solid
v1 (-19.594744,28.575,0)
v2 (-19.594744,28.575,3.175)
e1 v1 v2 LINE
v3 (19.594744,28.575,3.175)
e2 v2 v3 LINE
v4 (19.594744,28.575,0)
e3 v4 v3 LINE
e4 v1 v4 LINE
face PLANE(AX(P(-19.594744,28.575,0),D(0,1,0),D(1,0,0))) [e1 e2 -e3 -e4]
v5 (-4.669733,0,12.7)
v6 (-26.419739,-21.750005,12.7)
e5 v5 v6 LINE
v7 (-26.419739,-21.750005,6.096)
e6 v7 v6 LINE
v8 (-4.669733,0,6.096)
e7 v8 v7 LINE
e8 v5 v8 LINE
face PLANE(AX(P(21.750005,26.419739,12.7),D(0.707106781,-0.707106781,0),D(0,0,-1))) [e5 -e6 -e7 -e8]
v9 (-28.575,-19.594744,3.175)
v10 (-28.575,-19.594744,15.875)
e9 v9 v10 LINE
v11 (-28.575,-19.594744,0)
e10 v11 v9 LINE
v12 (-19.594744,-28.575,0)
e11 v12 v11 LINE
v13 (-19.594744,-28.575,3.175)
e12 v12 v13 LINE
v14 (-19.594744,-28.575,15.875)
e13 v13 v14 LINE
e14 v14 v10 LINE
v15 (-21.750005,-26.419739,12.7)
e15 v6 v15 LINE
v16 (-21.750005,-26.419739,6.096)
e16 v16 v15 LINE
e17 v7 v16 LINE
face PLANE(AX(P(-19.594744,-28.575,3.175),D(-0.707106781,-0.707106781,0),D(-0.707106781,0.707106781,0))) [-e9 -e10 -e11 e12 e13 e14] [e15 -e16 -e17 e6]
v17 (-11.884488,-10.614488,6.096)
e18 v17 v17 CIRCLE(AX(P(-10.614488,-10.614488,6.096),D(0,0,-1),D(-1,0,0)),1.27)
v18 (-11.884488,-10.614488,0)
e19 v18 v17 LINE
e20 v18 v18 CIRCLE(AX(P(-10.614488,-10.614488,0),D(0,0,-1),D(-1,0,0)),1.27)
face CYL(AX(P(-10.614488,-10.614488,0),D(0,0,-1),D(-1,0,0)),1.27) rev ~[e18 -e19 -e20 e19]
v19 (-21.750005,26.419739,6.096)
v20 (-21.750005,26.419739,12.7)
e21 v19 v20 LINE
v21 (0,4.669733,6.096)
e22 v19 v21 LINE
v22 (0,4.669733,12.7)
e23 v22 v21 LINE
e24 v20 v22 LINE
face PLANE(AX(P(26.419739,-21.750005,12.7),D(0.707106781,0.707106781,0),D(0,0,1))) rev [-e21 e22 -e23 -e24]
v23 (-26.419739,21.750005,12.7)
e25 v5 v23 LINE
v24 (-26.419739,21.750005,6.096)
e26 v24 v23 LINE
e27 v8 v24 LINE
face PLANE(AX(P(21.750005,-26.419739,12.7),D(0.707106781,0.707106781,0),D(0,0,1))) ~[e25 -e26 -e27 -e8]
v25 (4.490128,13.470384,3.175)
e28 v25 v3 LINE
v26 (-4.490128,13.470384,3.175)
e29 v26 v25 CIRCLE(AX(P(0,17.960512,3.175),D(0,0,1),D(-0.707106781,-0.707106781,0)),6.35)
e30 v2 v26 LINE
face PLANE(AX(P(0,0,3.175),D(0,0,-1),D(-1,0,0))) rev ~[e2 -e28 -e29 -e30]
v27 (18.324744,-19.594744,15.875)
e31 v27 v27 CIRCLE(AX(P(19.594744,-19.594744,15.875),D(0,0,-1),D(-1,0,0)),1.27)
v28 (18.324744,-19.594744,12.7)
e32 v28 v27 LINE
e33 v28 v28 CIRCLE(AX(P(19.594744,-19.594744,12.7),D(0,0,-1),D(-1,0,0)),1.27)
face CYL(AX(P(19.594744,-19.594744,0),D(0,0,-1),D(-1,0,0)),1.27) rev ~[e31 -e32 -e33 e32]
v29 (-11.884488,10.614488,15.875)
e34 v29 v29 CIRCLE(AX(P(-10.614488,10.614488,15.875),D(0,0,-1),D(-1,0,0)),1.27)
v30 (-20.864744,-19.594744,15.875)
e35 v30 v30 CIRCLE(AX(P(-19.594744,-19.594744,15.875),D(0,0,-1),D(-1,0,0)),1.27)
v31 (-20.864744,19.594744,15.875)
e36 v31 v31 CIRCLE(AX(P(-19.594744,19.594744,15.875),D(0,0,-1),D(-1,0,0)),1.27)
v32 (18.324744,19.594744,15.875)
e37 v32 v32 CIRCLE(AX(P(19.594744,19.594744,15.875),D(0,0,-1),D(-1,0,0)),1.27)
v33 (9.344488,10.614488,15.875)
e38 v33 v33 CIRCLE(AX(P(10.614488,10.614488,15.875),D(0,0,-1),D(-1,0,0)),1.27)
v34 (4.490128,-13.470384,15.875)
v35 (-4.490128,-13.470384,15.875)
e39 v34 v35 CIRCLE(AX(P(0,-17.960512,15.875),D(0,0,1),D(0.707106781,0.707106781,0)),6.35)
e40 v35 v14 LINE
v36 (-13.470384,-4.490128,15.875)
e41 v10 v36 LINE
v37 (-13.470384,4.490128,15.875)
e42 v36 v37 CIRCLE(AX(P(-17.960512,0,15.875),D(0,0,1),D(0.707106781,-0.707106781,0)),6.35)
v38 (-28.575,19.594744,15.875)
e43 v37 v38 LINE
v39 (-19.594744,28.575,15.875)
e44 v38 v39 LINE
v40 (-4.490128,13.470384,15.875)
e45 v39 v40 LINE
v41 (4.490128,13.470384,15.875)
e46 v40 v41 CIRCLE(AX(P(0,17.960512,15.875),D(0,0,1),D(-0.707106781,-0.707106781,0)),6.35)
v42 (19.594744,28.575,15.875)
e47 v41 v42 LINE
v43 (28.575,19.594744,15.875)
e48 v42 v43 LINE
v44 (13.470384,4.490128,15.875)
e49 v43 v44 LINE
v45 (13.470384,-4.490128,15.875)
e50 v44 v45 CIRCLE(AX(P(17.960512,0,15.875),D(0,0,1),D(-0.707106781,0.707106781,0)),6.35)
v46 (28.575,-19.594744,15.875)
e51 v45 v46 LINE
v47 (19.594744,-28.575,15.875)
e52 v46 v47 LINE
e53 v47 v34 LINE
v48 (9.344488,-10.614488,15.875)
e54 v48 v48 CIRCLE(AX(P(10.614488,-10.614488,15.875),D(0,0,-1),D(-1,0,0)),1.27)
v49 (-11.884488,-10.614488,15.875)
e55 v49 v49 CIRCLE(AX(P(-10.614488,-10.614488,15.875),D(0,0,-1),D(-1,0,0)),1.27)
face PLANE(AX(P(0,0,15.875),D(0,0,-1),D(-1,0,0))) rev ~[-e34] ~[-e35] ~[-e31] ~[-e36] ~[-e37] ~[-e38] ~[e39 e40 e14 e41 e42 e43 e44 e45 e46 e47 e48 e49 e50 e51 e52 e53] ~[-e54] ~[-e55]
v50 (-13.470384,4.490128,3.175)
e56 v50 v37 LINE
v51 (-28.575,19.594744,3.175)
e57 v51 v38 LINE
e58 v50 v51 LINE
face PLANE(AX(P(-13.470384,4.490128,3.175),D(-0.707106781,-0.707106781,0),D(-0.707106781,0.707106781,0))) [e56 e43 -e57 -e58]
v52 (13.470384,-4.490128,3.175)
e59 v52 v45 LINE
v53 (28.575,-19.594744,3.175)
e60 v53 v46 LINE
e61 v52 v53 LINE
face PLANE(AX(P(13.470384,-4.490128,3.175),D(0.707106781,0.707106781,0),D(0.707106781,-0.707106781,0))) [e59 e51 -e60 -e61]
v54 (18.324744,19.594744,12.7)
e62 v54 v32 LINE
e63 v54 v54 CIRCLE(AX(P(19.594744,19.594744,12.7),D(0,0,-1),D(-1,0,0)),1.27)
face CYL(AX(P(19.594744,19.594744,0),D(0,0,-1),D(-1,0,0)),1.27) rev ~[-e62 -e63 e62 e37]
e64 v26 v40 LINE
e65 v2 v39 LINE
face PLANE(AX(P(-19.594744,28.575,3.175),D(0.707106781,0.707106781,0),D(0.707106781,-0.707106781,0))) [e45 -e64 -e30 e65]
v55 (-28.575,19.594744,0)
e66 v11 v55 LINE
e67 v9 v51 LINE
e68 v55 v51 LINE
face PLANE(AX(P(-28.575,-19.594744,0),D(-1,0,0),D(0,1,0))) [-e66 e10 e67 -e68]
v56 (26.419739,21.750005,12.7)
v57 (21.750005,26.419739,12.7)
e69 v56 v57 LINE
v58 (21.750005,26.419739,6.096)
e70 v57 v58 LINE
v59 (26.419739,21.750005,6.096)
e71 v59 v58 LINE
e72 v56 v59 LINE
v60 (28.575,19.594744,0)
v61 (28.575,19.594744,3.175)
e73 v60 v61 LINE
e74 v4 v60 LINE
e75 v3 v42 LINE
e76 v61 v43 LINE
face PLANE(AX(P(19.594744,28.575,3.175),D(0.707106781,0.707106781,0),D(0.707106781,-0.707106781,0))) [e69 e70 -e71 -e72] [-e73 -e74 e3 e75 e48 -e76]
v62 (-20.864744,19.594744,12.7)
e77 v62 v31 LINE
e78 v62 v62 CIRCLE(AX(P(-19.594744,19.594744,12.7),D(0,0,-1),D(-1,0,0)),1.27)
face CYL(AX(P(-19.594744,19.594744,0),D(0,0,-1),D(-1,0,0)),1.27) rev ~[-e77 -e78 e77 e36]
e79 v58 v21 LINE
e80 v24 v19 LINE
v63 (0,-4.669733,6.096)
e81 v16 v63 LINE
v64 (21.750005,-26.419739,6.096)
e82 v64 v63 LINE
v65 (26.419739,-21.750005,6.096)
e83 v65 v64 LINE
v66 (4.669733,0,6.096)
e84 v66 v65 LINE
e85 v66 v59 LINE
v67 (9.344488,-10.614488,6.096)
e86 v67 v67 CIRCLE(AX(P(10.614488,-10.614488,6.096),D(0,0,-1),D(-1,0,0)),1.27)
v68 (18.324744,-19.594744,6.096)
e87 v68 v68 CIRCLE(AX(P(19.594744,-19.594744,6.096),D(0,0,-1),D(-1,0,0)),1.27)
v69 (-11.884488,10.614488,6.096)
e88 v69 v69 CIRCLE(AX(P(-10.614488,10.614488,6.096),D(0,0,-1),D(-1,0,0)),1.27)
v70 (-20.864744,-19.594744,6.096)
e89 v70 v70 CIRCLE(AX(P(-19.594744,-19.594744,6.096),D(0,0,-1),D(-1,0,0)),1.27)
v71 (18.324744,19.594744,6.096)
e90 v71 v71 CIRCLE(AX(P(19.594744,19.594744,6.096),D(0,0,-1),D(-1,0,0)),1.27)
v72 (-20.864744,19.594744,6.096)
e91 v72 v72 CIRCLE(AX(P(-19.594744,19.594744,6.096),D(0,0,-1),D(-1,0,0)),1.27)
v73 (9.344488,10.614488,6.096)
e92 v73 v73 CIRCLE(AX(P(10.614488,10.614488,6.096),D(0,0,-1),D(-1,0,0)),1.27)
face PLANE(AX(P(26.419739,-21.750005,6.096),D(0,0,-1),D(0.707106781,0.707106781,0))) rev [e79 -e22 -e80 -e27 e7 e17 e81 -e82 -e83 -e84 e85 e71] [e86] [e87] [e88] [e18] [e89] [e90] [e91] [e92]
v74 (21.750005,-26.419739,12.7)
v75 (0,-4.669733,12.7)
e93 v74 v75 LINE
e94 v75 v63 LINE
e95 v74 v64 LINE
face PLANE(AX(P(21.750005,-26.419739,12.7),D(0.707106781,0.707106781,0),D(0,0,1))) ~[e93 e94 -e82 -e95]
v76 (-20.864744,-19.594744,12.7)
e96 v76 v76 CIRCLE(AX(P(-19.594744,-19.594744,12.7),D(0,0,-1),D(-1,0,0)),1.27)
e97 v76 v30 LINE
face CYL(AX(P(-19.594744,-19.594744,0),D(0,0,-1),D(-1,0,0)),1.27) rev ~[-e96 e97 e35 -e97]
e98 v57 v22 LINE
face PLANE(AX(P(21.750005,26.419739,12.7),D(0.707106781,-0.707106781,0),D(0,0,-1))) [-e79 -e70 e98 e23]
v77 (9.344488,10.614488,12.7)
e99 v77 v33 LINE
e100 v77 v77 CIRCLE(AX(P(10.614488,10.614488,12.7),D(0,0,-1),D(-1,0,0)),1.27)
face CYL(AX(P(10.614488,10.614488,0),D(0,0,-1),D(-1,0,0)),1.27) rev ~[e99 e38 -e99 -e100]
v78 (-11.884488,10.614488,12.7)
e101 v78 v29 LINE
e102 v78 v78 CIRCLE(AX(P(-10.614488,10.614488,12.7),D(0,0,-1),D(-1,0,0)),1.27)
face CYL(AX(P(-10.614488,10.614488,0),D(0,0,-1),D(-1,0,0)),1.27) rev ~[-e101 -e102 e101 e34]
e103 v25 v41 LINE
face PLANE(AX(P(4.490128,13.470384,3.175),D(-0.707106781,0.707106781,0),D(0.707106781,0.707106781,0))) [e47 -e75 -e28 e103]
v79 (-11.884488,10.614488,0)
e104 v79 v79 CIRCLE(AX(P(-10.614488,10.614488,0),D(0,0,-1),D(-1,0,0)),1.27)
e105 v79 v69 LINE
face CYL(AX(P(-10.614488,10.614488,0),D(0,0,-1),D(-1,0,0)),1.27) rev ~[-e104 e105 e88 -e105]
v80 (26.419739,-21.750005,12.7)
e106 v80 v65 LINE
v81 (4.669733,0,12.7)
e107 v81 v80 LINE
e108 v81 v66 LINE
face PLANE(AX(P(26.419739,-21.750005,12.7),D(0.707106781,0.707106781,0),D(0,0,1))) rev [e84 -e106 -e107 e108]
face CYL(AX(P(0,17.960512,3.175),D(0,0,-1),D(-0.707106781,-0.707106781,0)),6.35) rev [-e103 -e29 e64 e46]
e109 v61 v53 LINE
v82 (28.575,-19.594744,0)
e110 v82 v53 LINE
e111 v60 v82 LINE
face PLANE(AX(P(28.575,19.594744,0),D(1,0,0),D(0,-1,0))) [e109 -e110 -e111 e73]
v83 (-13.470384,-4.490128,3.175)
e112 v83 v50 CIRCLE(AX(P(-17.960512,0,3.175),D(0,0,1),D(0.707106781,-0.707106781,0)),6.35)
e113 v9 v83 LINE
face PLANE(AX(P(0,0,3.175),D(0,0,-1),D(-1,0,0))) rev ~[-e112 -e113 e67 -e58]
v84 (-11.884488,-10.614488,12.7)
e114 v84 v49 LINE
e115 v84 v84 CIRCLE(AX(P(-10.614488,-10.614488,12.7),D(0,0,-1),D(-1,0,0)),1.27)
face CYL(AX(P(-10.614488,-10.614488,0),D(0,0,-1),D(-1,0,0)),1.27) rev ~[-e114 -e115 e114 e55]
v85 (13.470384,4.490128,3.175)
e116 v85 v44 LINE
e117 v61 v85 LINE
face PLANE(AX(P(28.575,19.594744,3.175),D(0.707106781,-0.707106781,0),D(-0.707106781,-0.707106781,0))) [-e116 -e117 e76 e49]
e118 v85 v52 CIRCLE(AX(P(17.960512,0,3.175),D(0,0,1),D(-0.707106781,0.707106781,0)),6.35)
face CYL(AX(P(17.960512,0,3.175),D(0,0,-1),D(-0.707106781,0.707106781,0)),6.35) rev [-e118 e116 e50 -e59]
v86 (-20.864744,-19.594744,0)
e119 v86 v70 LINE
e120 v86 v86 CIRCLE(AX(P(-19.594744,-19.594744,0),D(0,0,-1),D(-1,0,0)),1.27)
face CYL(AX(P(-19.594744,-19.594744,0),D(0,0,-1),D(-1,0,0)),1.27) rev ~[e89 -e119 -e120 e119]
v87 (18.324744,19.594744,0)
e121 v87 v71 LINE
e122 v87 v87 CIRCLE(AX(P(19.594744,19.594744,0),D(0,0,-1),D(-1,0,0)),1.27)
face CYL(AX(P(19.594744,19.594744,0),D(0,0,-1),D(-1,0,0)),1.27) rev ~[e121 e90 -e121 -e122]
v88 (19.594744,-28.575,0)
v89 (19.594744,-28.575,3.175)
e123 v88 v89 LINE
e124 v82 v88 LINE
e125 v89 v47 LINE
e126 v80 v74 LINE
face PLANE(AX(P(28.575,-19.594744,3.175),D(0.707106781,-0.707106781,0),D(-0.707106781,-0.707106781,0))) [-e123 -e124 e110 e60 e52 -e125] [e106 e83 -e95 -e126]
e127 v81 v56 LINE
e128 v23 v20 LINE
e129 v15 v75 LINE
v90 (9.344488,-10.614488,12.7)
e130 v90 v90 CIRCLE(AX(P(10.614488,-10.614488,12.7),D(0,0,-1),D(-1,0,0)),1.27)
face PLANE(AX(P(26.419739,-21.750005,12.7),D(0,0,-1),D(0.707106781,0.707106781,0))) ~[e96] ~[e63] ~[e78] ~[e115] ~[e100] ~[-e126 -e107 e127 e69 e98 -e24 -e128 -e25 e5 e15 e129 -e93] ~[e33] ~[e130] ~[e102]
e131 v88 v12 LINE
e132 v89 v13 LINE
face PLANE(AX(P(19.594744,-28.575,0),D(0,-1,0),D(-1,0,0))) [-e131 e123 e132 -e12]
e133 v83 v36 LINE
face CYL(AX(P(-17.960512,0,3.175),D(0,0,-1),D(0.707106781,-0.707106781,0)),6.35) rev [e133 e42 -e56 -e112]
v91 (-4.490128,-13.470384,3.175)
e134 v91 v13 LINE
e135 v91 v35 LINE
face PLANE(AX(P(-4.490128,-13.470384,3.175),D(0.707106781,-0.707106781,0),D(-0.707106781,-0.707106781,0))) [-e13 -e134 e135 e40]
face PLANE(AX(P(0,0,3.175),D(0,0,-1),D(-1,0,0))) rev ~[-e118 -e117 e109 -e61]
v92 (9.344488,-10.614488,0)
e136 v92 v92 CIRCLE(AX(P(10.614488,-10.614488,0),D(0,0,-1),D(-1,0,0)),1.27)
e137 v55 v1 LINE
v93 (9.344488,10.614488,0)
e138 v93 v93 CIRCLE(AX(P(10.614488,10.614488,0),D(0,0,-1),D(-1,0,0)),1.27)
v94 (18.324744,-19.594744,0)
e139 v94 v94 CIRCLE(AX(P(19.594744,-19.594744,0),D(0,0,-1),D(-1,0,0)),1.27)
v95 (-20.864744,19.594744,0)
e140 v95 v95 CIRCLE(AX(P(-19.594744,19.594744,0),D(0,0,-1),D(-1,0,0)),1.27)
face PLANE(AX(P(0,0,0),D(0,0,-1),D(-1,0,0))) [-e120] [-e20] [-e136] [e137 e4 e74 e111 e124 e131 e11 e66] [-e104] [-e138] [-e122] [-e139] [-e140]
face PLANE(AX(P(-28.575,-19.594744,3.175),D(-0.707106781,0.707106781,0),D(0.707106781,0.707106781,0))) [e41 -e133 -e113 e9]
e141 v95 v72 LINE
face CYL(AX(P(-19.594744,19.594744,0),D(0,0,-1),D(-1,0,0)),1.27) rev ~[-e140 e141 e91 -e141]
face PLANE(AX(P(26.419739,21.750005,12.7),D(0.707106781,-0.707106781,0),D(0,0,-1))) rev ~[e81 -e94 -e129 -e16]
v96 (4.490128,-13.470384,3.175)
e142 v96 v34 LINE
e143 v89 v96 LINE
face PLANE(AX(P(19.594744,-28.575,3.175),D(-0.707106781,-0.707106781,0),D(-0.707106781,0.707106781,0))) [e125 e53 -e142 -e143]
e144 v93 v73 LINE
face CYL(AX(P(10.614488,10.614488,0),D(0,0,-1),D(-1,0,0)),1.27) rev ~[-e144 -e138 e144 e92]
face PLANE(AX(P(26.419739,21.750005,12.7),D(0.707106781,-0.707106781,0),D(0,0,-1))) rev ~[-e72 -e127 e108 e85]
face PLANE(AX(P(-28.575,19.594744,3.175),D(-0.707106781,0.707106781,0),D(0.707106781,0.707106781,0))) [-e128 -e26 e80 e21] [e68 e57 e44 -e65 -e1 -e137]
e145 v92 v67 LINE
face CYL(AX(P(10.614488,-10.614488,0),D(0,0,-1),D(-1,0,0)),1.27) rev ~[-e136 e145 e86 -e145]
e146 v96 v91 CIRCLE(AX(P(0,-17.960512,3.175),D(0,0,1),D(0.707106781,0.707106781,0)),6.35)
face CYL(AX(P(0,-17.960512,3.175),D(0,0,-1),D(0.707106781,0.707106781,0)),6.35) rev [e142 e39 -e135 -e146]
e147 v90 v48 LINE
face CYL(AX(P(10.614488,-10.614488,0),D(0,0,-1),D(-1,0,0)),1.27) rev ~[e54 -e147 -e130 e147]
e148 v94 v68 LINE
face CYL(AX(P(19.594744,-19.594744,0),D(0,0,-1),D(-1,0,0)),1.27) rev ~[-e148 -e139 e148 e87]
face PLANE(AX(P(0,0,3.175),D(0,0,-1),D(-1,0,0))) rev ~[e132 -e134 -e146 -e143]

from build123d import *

# Parameters (mm, degrees)
BOSS_EXTRUDE1_DEPTH = 3.175
BOSS_EXTRUDE2_DEPTH = 12.7
SKETCH3_W           = 6.604
SKETCH3_H           = 6.604
CUT_EXTRUDE1_DEPTH  = 77.145517599
SKETCH4_R           = 1.27
CUT_EXTRUDE3_DEPTH  = 25.4


with BuildPart() as part:
    # Sketch1 → Boss-Extrude1 (new body)
    with BuildSketch(Plane.XY):
        Polygon((-28.575, 19.594743879), (-19.594743879, 28.575), (19.594743879, 28.575), (28.575, 19.594743879), (28.575, -19.594743879), (19.594743879, -28.575), (-19.594743879, -28.575), (-28.575, -19.594743879), align=None)
    extrude(amount=BOSS_EXTRUDE1_DEPTH)

    # Sketch2 → Boss-Extrude2 (add)
    with BuildSketch(Plane.XY.offset(3.175)):
        with BuildLine():
            Line((-28.575, 19.594743879), (-19.594743879, 28.575))
            Line((-19.594743879, 28.575), (-4.490128061, 13.470384182))
            ThreePointArc((-4.490128061, 13.470384182), (0, 11.610512242), (4.490128061, 13.470384182))
            Line((4.490128061, 13.470384182), (19.594743879, 28.575))
            Line((19.594743879, 28.575), (28.575, 19.594743879))
            Line((28.575, 19.594743879), (13.470384182, 4.490128061))
            ThreePointArc((13.470384182, 4.490128061), (11.610512242, 0), (13.470384182, -4.490128061))
            Line((13.470384182, -4.490128061), (28.575, -19.594743879))
            Line((28.575, -19.594743879), (19.594743879, -28.575))
            Line((19.594743879, -28.575), (4.490128061, -13.470384182))
            ThreePointArc((4.490128061, -13.470384182), (0, -11.610512242), (-4.490128061, -13.470384182))
            Line((-4.490128061, -13.470384182), (-19.594743879, -28.575))
            Line((-19.594743879, -28.575), (-28.575, -19.594743879))
            Line((-28.575, -19.594743879), (-13.470384182, -4.490128061))
            ThreePointArc((-13.470384182, -4.490128061), (-11.610512242, 0), (-13.470384182, 4.490128061))
            Line((-13.470384182, 4.490128061), (-28.575, 19.594743879))
        make_face()
    extrude(amount=BOSS_EXTRUDE2_DEPTH)

    # Sketch3 → Cut-Extrude1 (cut, symmetric)
    with BuildSketch(Plane(origin=(24.084871939, 24.084871939, 0), x_dir=(0, 0, -1), z_dir=(0.7071067811865472, 0.7071067811865479, 0))):
        with Locations((-9.398, 0)):
            Rectangle(SKETCH3_W, SKETCH3_H)
    cut_extrude1 = extrude(amount=CUT_EXTRUDE1_DEPTH, both=True, mode=Mode.SUBTRACT)

    # Mirror1: Cut-Extrude1 across plane
    add(cut_extrude1.mirror(Plane.ZX), mode=Mode.SUBTRACT)

    # Sketch4 → Cut-Extrude3 (cut)
    with BuildSketch(Plane(origin=(0, 0, 0), x_dir=(-1, 0, 0), z_dir=(0, 0, -1))):
        with Locations((-19.594743879, 19.594743879)):
            Circle(SKETCH4_R)
        with Locations((-10.614487758, 10.614487758)):
            Circle(SKETCH4_R)
        with Locations((10.614487758, 10.614487758)):
            Circle(SKETCH4_R)
        with Locations((19.594743879, 19.594743879)):
            Circle(SKETCH4_R)
        with Locations((19.594743879, -19.594743879)):
            Circle(SKETCH4_R)
        with Locations((10.614487758, -10.614487758)):
            Circle(SKETCH4_R)
        with Locations((-19.594743879, -19.594743879)):
            Circle(SKETCH4_R)
        with Locations((-10.614487758, -10.614487758)):
            Circle(SKETCH4_R)
    extrude(amount=-CUT_EXTRUDE3_DEPTH, mode=Mode.SUBTRACT)


solid = part.part
